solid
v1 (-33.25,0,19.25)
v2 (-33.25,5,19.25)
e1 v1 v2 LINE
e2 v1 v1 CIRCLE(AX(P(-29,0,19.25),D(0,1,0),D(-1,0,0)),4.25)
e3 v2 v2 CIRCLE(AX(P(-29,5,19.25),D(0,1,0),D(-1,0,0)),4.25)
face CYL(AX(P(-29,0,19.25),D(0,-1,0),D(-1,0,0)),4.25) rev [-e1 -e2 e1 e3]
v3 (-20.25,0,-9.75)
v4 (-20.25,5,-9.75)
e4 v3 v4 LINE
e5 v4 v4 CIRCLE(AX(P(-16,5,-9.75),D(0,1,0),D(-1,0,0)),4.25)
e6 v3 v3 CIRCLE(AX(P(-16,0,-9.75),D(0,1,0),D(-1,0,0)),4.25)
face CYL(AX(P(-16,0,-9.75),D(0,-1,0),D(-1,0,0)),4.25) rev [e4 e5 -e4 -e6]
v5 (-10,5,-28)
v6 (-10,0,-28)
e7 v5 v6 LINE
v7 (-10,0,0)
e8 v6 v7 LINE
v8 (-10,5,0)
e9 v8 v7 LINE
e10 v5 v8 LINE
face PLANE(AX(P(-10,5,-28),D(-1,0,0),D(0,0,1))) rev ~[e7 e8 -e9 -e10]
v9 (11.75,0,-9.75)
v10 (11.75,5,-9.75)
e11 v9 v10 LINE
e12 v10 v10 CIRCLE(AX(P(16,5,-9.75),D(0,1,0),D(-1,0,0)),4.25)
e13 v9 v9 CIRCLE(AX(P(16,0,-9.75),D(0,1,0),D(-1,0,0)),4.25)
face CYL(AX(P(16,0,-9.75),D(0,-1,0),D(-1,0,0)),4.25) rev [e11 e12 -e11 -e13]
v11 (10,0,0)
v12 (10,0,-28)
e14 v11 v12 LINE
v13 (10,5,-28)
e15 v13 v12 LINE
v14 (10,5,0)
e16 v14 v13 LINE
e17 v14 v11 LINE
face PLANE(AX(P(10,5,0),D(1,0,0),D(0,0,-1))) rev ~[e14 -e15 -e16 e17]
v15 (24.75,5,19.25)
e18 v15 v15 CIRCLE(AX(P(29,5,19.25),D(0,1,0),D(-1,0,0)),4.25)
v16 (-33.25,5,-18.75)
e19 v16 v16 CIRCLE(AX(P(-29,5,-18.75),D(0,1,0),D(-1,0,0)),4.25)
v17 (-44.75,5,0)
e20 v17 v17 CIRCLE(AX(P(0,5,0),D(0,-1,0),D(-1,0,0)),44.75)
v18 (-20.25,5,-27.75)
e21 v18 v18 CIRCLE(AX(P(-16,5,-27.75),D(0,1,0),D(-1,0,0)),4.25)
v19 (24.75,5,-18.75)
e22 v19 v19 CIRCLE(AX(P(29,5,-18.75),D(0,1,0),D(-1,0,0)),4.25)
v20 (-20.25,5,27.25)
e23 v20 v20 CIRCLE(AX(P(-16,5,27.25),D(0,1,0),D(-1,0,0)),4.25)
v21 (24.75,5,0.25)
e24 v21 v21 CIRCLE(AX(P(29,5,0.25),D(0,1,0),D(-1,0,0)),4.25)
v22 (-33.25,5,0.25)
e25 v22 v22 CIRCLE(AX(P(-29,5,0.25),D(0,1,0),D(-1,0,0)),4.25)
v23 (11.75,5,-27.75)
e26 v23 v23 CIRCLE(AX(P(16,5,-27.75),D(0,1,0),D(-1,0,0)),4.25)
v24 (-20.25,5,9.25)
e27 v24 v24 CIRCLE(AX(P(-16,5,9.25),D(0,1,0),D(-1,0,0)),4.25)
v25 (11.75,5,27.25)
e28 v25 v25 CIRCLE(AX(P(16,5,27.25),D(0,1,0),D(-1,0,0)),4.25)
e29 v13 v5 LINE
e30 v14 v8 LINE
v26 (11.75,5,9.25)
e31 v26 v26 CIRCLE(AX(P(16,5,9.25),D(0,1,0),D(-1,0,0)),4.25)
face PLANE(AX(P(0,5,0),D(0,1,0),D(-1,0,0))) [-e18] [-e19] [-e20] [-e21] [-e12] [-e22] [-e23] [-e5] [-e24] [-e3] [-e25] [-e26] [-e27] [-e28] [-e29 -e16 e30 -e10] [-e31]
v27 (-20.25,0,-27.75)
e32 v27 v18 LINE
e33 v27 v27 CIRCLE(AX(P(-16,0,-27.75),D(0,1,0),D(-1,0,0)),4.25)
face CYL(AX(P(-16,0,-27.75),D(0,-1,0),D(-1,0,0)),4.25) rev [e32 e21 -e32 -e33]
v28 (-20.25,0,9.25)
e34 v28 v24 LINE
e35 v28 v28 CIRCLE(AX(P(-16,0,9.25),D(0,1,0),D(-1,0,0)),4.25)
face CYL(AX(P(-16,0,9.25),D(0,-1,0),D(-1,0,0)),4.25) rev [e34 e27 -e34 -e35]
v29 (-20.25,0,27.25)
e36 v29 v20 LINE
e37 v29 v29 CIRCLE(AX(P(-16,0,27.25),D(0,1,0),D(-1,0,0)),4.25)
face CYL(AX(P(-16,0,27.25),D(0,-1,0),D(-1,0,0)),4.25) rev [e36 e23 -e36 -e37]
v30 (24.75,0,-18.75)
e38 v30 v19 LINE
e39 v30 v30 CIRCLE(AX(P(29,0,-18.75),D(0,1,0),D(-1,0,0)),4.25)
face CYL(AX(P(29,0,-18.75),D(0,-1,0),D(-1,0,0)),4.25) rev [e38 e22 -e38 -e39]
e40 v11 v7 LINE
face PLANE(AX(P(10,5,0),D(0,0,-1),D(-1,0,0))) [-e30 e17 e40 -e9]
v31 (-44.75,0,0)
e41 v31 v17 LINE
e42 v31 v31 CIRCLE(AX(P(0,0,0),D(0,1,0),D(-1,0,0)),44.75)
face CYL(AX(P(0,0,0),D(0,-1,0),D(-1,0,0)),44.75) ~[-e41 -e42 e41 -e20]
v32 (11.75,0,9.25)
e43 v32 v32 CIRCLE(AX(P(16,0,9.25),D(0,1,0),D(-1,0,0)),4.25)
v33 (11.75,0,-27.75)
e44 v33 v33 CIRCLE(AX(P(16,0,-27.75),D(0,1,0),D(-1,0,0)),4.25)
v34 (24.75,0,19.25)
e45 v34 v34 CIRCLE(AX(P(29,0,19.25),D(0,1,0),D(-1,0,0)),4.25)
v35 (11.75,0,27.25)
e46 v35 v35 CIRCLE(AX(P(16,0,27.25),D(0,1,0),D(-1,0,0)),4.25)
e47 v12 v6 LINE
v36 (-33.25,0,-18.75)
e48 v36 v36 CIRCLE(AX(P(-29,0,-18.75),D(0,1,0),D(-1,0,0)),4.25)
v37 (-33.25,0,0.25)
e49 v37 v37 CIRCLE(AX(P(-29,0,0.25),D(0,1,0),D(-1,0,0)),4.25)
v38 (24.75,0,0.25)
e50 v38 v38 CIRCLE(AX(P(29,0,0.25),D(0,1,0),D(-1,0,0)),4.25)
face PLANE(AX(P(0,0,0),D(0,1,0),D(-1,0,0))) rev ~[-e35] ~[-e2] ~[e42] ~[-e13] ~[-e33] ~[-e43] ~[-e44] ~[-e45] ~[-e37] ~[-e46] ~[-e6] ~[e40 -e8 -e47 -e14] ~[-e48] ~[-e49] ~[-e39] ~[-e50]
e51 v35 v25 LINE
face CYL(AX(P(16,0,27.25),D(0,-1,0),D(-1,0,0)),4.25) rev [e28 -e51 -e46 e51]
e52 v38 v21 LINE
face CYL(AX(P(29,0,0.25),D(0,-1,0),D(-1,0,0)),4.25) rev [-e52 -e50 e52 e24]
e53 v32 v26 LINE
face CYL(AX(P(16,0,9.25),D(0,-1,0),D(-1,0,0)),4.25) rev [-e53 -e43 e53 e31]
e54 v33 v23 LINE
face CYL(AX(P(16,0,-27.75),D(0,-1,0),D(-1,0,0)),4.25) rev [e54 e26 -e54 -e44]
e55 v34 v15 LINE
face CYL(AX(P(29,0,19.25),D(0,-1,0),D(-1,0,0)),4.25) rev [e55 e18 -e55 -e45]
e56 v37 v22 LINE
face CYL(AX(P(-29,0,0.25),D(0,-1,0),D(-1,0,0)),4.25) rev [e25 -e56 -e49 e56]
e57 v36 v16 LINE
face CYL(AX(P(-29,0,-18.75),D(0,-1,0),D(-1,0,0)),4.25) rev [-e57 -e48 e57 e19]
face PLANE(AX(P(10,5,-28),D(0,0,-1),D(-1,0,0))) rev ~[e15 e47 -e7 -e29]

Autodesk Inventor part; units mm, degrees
ref_plane "YZ Plane" through (0, 0, 0) normal (1, 0, 0) x (0, 1, 0)
ref_plane "XZ Plane" through (0, 0, 0) normal (0, 1, 0) x (-1, 0, 0)
ref_plane "XY Plane" through (0, 0, 0) normal (0, 0, 1) x (1, 0, 0)
sketch "스케치1" plane through (0, 0, 0) normal (0, 1, 0) x (-1, 0, 0)
  circle A0 centre (0, 0) radius 44.75
  line L0 (0, -44.75) -> (62.1839, -44.75)
  circle A1 centre (16, -27.75) radius 4.25
  circle A2 centre (16, -9.75) radius 4.25
  circle A3 centre (16, 9.25) radius 4.25
  circle A4 centre (16, 27.25) radius 4.25
  circle A5 centre (29, -18.75) radius 4.25
  circle A6 centre (29, 0.25) radius 4.25
  circle A7 centre (29, 19.25) radius 4.25
  line L1 (0, -44.75) -> (0, 44.75)
  circle A8 centre (-16, -27.75) radius 4.25
  circle A9 centre (-16, -9.75) radius 4.25
  circle A10 centre (-16, 9.25) radius 4.25
  circle A11 centre (-16, 27.25) radius 4.25
  circle A12 centre (-29, -18.75) radius 4.25
  circle A13 centre (-29, 0.25) radius 4.25
  circle A14 centre (-29, 19.25) radius 4.25
  dimension "d0" = 89.5
  dimension "d1" = 8.5
  dimension "d2" = 8.5
  dimension "d3" = 8.5
  dimension "d4" = 8.5
  dimension "d5" = 8.5
  dimension "d6" = 8.5
  dimension "d7" = 8.5
  dimension "d8" = 17
  dimension "d9" = 18
  dimension "d10" = 19
  dimension "d11" = 18
  dimension "d12" = 9
  dimension "d13" = 19
  dimension "d14" = 19
  dimension "d15" = 16
  dimension "d16" = 13
extrude "돌출1" add sketch "스케치1" along normal blind 5
sketch "스케치2" plane through (0, 5, 0) normal (0, 1, 0) x (1, 0, 0)
  point P0 (0, 0)
sketch "스케치3" plane through (0, 5, 0) normal (0, 1, 0) x (1, 0, 0)
  circle A0 centre (0, 0) radius 44.75 projected
  circle A1 centre (16, 27.75) radius 4.25 projected
  circle A2 centre (16, 9.75) radius 4.25 projected
  circle A3 centre (16, -9.25) radius 4.25 projected
  circle A4 centre (16, -27.25) radius 4.25 projected
  circle A5 centre (29, -19.25) radius 4.25 projected
  circle A6 centre (29, -0.25) radius 4.25 projected
  circle A7 centre (29, 18.75) radius 4.25 projected
  circle A8 centre (-29, -19.25) radius 4.25 projected
  circle A9 centre (-29, -0.25) radius 4.25 projected
  circle A10 centre (-29, 18.75) radius 4.25 projected
  circle A11 centre (-16, -27.25) radius 4.25 projected
  circle A12 centre (-16, -9.25) radius 4.25 projected
  circle A13 centre (-16, 9.75) radius 4.25 projected
  circle A14 centre (-16, 27.75) radius 4.25 projected
  line L0 (10, 0) -> (10, 28)
  line L1 (10, 28) -> (-10, 28)
  line L2 (-10, 28) -> (-10, 0)
  line L3 (0, 0) -> (10, 28) construction
  line L4 (0, 0) -> (-10, 28) construction
  line L5 (10, 0) -> (-10, 0)
extrude "돌출2" cut sketch "스케치3" against normal blind 5 contours L5 L2 L1 L0
properties part number "final_탄두낙하산거치대"
